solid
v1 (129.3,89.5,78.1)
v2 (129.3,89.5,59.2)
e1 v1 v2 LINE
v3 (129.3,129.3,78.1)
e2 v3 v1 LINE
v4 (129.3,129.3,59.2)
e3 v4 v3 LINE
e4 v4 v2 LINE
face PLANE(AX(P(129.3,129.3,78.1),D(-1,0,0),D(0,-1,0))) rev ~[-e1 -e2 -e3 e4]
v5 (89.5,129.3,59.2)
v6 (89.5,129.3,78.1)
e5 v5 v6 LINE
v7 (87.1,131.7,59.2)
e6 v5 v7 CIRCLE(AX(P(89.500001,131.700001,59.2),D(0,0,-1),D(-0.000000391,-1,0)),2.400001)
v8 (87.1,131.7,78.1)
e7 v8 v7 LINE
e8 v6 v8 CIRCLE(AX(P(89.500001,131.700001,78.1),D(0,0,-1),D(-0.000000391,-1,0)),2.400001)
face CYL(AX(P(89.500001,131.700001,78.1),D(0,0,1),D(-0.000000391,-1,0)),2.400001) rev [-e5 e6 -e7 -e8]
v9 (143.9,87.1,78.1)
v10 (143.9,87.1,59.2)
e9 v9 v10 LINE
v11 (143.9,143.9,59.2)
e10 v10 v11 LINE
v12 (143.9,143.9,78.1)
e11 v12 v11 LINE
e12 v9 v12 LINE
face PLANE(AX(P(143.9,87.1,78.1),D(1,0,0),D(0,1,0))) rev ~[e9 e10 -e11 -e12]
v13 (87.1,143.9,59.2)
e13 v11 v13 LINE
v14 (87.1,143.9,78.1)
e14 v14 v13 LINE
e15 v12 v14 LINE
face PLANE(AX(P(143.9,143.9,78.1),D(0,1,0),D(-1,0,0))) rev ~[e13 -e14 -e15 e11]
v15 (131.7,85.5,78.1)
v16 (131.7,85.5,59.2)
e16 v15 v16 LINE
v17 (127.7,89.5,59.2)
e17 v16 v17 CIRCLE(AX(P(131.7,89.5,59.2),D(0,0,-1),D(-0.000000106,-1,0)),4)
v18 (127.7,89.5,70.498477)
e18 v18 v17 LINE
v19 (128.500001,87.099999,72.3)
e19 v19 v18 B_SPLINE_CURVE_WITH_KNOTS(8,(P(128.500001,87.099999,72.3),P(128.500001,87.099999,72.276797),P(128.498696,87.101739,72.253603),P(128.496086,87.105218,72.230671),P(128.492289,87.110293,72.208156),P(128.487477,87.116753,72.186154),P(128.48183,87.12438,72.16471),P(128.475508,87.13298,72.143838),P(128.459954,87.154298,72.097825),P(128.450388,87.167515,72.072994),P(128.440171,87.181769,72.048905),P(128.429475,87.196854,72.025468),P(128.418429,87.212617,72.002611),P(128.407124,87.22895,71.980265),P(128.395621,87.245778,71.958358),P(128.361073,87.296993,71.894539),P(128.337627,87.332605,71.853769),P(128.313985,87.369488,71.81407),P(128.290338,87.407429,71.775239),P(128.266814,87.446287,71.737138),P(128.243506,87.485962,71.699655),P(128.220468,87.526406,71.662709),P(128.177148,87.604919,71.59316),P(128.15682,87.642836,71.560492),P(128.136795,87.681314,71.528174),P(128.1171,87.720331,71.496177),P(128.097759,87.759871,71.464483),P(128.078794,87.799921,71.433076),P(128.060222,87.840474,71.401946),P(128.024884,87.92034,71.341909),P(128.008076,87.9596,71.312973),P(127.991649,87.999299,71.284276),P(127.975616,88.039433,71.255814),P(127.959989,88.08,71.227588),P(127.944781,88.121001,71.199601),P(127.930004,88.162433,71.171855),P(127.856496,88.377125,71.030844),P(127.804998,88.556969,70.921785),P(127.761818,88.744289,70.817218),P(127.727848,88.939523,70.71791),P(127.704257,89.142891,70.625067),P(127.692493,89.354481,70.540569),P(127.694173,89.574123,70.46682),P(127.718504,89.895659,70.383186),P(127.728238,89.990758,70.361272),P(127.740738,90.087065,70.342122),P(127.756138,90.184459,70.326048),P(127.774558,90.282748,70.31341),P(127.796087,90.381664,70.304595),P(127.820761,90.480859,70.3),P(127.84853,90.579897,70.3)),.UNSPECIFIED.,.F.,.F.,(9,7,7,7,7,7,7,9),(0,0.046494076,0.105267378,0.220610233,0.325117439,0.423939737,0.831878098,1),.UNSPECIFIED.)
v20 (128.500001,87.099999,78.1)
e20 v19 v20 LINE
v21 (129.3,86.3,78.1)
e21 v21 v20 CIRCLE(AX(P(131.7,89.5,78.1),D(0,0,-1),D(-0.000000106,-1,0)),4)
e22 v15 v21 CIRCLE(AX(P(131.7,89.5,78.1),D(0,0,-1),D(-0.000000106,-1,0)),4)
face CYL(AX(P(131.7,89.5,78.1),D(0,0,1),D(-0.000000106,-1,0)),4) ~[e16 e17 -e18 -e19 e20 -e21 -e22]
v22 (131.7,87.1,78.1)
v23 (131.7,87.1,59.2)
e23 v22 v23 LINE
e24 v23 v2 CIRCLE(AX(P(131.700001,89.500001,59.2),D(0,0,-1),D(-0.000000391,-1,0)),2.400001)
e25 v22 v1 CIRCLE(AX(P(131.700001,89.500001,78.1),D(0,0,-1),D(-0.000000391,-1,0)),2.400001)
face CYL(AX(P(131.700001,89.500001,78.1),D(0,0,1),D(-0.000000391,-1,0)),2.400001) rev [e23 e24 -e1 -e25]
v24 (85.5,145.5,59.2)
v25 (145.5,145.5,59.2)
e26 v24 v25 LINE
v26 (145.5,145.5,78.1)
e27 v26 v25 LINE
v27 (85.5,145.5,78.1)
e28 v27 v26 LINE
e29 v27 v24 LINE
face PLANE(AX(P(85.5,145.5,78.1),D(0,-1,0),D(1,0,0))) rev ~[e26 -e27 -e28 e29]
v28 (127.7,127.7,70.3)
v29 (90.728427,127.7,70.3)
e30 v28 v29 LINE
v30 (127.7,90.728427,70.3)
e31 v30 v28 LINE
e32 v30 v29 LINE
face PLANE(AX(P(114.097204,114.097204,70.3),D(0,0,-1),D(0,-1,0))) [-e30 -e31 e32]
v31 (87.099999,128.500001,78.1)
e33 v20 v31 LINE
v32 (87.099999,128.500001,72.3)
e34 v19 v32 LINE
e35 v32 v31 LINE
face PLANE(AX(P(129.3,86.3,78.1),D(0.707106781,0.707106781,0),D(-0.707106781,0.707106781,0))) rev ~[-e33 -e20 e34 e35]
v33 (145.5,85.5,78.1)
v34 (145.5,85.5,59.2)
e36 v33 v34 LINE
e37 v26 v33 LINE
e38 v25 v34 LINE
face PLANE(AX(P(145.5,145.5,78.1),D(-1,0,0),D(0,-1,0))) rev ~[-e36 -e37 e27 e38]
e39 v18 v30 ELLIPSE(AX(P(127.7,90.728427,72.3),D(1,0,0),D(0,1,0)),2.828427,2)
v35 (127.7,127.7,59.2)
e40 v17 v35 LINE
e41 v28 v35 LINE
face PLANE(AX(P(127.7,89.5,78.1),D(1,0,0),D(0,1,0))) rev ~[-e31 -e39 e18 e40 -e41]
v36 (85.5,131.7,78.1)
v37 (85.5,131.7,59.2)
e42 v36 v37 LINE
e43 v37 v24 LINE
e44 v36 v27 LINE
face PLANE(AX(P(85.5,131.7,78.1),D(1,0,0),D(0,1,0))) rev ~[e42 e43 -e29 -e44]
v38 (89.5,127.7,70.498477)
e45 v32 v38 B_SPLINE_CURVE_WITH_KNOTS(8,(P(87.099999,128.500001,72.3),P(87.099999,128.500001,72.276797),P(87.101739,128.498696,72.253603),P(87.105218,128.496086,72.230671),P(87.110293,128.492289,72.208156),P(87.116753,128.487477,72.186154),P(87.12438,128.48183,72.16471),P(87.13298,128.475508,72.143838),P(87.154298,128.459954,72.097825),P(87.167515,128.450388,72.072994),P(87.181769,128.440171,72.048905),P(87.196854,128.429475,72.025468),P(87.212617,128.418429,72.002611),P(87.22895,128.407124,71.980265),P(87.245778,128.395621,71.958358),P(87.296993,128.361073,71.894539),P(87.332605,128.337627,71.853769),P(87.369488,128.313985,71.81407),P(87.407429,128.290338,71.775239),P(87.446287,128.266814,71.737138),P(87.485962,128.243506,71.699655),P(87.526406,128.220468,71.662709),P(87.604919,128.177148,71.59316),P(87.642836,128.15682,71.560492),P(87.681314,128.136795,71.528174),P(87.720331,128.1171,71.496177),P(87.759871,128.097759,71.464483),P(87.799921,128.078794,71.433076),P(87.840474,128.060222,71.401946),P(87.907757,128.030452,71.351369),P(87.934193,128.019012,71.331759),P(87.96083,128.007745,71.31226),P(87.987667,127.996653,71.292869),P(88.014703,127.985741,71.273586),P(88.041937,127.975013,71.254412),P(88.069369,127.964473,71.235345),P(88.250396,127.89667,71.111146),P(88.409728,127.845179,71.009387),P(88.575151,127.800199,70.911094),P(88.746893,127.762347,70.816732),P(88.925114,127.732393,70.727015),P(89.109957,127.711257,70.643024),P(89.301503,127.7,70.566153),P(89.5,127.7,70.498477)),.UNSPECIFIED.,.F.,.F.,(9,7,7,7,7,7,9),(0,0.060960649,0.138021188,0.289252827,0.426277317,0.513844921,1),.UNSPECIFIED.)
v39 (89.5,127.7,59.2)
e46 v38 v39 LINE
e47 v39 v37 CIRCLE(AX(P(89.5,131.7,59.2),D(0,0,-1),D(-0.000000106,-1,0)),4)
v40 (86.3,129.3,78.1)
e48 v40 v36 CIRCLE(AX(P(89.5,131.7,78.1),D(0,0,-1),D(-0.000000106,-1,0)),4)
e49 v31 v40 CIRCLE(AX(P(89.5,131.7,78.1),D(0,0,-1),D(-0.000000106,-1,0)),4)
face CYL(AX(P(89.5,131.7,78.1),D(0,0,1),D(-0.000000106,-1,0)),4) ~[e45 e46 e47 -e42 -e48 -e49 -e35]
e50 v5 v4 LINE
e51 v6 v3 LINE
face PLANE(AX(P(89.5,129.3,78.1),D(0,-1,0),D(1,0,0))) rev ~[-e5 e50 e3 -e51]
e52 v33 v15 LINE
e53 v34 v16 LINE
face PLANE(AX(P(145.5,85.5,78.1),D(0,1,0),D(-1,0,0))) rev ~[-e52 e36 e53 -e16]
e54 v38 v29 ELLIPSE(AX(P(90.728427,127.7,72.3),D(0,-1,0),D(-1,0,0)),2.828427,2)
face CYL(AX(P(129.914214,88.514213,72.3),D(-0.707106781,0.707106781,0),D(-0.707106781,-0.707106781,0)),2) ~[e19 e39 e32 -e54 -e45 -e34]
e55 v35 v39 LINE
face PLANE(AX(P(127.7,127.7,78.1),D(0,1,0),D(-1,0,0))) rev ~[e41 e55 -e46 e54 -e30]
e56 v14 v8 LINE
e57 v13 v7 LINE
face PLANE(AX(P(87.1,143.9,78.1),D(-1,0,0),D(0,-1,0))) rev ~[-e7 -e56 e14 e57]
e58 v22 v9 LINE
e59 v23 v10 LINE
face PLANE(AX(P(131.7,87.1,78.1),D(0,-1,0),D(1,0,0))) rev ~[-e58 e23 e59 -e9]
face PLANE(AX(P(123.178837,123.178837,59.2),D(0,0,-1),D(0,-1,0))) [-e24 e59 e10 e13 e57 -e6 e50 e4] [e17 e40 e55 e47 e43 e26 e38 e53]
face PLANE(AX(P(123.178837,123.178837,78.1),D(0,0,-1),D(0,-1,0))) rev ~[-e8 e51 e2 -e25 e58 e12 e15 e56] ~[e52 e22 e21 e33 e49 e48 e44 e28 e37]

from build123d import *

# Parameters (mm, degrees)
PAD083_DEPTH            = 18.9
PAD084_DEPTH            = 7.8
FILLET023_R             = 2
BODY070_ROLL_ANGLE      = 180
BODY070_PLACEMENT_ANGLE = -90


with BuildPart() as part:
    # Sketch133 → Pad083 (new body)
    with BuildSketch(Plane.XY):
        with BuildLine():
            Line((-30, 30), (-30, -30))
            Line((-30, -30), (30, -30))
            Line((30, -30), (30, -16.2))
            ThreePointArc((30, -16.2), (28.828427, -13.371573), (26, -12.2))
            Line((26, -12.2), (-12.2, -12.2))
            Line((-12.2, -12.2), (-12.2, 26))
            ThreePointArc((-12.2, 26), (-13.371573, 28.828427), (-16.2, 30))
            Line((-16.2, 30), (-30, 30))
        make_face()
        with BuildLine():
            Line((-28.4, 28.4), (-16.2, 28.4))
            ThreePointArc((-13.8, 26), (-14.502944, 27.697056), (-16.2, 28.4))
            Line((-13.8, 26), (-13.8, -13.8))
            Line((-13.8, -13.8), (26, -13.8))
            ThreePointArc((28.4, -16.2), (27.697056, -14.502944), (26, -13.8))
            Line((28.4, -16.2), (28.4, -28.4))
            Line((28.4, -28.4), (-28.4, -28.4))
            Line((-28.4, -28.4), (-28.4, 28.4))
        make_face(mode=Mode.SUBTRACT)
    extrude(amount=PAD083_DEPTH)

    # Sketch134 → Pad084 (join)
    with BuildSketch(Plane.XY):
        Polygon((-13.8, 29.2), (-13.8, -13.8), (29.2, -13.8), align=None)
    extrude(amount=PAD084_DEPTH)

    # Fillet023
    fillet023_edges = [part.edges().sort_by_distance(p)[0] for p in [
        (7.7, 7.7, 7.8),
    ]]
    fillet(fillet023_edges, radius=FILLET023_R)


with BuildPart() as part_1:
    # Body070 roll: moved
    add(part.part.rotate(Axis((0, 0, 0), (1, 0, 0)), BODY070_ROLL_ANGLE))


with BuildPart() as part_2:
    # Body070 placement: moved
    add(part_1.part.moved(Location((115.5, 115.5, 78.1))).rotate(Axis((115.5, 115.5, 78.1), (0, 0, 1)), BODY070_PLACEMENT_ANGLE))


solid = part_2.part
